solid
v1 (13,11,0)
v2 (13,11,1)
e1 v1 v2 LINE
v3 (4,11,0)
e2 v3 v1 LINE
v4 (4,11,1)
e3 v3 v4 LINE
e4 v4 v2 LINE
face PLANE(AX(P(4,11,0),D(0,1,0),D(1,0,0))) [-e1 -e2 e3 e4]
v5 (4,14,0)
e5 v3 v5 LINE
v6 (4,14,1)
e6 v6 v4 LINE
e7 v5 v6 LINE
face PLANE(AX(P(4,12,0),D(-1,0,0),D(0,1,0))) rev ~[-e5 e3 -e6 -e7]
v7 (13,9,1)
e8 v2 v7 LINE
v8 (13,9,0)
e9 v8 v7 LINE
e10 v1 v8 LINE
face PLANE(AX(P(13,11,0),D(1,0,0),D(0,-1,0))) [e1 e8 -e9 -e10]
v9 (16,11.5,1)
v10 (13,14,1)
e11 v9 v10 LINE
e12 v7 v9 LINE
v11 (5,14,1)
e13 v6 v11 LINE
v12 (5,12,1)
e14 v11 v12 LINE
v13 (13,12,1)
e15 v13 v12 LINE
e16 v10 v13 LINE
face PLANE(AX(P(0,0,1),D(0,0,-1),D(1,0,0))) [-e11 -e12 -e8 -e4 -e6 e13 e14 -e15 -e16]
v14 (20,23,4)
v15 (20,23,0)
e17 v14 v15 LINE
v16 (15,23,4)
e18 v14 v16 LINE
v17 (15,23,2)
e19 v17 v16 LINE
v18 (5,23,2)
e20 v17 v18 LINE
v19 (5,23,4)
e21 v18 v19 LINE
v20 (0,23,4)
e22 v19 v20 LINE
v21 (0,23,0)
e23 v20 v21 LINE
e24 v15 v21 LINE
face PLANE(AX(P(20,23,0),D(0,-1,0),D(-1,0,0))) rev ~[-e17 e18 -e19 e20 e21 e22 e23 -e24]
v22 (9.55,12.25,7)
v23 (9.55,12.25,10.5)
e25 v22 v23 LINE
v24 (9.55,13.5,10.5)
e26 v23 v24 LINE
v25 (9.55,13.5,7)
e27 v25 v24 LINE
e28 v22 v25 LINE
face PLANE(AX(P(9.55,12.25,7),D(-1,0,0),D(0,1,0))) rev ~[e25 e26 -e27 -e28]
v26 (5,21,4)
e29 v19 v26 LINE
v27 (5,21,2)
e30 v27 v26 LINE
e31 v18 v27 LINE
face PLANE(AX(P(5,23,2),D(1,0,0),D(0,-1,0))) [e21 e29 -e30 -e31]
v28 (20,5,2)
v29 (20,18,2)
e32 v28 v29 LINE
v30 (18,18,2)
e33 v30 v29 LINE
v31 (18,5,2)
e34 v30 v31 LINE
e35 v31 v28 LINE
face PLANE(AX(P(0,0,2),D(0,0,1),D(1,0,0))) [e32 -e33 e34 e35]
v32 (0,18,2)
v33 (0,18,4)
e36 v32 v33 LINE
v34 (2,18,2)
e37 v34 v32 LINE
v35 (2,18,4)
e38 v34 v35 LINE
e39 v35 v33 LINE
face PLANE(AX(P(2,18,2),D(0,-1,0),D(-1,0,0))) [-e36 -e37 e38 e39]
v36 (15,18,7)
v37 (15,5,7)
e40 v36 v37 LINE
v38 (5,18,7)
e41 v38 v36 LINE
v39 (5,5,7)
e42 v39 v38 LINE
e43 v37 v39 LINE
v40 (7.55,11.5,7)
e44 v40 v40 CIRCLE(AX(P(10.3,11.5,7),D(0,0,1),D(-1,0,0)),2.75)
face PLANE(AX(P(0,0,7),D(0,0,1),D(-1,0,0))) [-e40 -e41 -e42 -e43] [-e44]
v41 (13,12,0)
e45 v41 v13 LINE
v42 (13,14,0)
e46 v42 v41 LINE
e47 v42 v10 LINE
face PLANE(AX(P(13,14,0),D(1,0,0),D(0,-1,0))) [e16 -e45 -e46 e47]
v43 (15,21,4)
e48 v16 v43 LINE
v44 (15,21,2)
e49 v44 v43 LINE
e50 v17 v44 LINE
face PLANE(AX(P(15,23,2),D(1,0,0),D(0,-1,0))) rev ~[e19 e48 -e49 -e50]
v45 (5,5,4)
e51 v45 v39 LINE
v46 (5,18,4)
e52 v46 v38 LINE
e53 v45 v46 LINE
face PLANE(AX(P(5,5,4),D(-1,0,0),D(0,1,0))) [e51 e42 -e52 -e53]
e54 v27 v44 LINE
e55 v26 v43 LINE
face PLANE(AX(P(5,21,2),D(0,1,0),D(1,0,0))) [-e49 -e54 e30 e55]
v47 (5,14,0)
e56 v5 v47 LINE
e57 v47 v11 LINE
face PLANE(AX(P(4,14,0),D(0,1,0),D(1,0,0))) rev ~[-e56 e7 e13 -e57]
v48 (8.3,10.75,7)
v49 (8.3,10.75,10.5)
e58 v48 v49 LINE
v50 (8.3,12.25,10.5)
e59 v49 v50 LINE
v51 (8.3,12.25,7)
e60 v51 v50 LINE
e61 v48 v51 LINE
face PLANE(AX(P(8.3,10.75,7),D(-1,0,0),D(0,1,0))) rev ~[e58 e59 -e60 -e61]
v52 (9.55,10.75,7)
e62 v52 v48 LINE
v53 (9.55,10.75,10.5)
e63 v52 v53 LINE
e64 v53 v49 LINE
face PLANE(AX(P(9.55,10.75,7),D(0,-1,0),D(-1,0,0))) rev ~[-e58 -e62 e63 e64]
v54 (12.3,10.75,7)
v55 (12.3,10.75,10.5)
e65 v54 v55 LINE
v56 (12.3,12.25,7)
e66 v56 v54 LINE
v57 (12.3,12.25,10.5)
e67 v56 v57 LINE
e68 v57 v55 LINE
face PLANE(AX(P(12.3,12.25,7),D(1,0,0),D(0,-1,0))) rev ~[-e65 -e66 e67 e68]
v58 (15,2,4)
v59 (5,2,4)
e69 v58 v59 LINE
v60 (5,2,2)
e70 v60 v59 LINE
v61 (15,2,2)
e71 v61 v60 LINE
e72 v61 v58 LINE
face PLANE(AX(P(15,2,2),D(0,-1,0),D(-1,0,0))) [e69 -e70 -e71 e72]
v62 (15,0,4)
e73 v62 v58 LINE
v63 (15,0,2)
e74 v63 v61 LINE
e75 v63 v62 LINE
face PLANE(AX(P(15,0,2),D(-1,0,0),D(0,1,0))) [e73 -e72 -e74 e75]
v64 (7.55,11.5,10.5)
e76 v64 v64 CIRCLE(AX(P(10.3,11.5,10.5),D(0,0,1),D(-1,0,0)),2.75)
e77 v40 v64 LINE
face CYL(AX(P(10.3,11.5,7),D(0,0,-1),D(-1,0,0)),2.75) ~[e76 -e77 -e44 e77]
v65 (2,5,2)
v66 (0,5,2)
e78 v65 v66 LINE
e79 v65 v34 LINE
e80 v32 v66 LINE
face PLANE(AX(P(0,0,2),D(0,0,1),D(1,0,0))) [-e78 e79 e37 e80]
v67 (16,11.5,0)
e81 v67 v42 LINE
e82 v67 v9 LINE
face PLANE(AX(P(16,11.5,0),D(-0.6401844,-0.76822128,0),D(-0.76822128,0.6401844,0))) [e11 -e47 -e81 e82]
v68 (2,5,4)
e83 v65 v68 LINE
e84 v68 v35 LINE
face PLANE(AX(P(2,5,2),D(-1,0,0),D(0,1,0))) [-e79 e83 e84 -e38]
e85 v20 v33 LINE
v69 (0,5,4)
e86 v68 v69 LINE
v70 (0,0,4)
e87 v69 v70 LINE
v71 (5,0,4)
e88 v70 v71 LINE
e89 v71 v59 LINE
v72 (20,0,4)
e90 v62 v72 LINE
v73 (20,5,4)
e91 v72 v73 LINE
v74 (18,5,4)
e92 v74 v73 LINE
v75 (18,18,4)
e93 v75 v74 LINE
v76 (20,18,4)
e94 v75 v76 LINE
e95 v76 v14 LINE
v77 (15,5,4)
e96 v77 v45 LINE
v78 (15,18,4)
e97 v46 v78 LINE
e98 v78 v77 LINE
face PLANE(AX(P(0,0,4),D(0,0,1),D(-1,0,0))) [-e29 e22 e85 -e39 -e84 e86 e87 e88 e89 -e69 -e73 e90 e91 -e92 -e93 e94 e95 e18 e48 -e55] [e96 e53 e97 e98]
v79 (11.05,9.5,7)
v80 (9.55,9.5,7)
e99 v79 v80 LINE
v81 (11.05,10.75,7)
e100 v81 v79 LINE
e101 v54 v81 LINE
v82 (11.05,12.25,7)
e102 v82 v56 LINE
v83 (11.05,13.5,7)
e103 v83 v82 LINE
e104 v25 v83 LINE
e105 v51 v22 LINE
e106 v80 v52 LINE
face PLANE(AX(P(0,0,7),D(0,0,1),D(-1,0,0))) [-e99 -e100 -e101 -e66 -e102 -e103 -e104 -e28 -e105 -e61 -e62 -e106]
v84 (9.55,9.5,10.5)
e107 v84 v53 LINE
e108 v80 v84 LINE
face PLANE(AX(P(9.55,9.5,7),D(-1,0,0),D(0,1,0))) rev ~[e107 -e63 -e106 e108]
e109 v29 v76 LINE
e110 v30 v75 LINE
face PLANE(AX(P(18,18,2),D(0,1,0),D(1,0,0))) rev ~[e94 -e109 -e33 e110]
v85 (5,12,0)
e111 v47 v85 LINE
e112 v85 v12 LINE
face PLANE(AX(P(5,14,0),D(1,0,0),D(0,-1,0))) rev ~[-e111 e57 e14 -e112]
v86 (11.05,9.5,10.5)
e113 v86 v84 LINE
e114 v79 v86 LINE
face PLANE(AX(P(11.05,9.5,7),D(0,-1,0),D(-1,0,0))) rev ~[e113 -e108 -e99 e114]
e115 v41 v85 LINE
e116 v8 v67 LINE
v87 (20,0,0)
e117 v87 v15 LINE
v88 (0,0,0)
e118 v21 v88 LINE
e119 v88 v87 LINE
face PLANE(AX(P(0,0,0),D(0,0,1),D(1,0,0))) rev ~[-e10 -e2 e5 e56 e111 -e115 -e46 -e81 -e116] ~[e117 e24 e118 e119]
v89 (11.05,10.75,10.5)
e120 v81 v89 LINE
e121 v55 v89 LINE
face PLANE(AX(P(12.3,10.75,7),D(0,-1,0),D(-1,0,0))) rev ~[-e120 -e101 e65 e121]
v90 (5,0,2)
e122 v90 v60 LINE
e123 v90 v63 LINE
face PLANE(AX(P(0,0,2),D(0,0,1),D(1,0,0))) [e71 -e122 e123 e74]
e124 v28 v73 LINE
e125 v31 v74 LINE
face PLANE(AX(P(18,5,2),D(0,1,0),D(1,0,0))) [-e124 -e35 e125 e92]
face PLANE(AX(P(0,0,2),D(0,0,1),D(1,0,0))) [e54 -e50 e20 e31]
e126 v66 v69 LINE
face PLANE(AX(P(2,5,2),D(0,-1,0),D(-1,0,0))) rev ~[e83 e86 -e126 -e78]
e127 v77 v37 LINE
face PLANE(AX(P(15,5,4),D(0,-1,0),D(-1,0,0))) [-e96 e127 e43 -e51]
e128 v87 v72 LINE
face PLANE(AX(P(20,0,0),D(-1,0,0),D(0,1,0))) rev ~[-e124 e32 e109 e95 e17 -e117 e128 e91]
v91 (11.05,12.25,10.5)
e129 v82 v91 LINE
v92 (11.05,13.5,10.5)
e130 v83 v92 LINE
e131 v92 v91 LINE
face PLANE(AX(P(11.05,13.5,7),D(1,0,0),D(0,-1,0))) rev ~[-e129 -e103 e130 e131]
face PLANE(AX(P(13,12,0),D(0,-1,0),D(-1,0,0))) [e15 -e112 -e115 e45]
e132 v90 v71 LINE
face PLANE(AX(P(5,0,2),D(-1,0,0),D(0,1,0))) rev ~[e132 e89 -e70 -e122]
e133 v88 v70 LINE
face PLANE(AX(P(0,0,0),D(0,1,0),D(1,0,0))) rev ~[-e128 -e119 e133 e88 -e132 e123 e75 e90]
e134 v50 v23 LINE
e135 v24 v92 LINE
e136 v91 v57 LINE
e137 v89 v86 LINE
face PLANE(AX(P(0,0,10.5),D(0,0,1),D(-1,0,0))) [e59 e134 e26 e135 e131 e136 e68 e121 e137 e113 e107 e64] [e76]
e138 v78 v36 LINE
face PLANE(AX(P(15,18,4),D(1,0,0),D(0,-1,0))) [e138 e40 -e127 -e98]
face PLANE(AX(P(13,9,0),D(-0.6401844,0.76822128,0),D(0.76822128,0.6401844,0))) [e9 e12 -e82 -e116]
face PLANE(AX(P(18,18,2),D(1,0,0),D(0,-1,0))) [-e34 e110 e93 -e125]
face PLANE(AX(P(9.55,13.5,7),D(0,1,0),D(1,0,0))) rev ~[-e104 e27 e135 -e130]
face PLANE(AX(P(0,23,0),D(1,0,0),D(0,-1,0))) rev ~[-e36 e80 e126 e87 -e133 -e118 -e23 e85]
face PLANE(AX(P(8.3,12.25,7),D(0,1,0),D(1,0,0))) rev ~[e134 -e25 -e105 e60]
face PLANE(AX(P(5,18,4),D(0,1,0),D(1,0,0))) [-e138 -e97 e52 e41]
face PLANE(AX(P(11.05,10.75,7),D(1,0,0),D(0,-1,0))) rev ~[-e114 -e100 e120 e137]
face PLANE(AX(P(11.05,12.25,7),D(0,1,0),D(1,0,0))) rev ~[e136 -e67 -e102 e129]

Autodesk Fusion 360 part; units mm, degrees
sketch "スケッチ1" plane through (0, 0, 0) normal (0, 0, 1) x (1, 0, 0)
  line L0 (0, 0) -> (20, 0)
  line L1 (20, 0) -> (20, 23)
  line L2 (20, 23) -> (0, 23)
  line L3 (0, 23) -> (0, 0)
  dimension "d1" = 20
  dimension "d2" = 23
extrude "押し出し1" add sketch "スケッチ1" along normal blind 2
sketch "スケッチ2" plane through (0, 0, 2) normal (0, 0, 1) x (-1, 0, 0)
  line L0 (0, -23) -> (0, 0)
  line L1 (0, 0) -> (-20, 0)
  line L2 (-20, 0) -> (-20, -23)
  line L3 (-20, -23) -> (0, -23)
  line L4 (0, -23) -> (-5, -23)
  line L5 (-5, -23) -> (-5, -18)
  line L6 (-5, -18) -> (0, -18)
  line L7 (0, -18) -> (0, -23)
  line L8 (-20, -23) -> (-15, -23)
  line L9 (-15, -23) -> (-15, -18)
  line L10 (-15, -18) -> (-20, -18)
  line L11 (-20, -18) -> (-20, -23)
  line L12 (0, 0) -> (-5, 0)
  line L13 (-5, 0) -> (-5, -5)
  line L14 (-5, -5) -> (0, -5)
  line L15 (0, -5) -> (0, 0)
  line L16 (-20, 0) -> (-15, 0)
  line L17 (-15, 0) -> (-15, -5)
  line L18 (-15, -5) -> (-20, -5)
  line L19 (-20, -5) -> (-20, 0)
  line L20 (-2, -21) -> (-18, -21)
  line L21 (-18, -21) -> (-18, -2)
  line L22 (-18, -2) -> (-2, -2)
  line L23 (-2, -2) -> (-2, -21)
  dimension "d5" = 5
  dimension "d6" = 5
  dimension "d7" = 5
  dimension "d8" = 5
  dimension "d9" = 5
  dimension "d10" = 5
  dimension "d11" = 5
  dimension "d12" = 5
extrude "押し出し2" add sketch "スケッチ2" along normal blind 2 contours L0 L3 L4 L5 L6 L7 L20 L23 | L0 L1 L12 L13 L14 L15 L22 L23 | L5 L6 L20 L23 | L5 L6 L9 L10 L13 L14 L17 L18 L20 L21 L22 L23 | L2 L3 L8 L9 L10 L11 L20 L21 | L13 L14 L22 L23 | L9 L10 L20 L21 | L1 L2 L16 L17 L18 L19 L21 L22 | L17 L18 L21 L22
sketch "スケッチ3" plane through (0, 0, 4) normal (0, 0, 1) x (-1, 0, 0)
  line L0 (-18, -18) -> (-20, -18)
  line L1 (-20, -18) -> (-20, -23)
  line L2 (-20, -23) -> (-15, -23)
  line L3 (-15, -23) -> (-15, -21)
  line L4 (-15, -21) -> (-5, -21)
  line L5 (-5, -21) -> (-5, -23)
  line L6 (-5, -23) -> (0, -23)
  line L7 (0, -23) -> (0, -18)
  line L8 (0, -18) -> (-2, -18)
  line L9 (-2, -18) -> (-2, -5)
  line L10 (-2, -5) -> (0, -5)
  line L11 (0, -5) -> (0, 0)
  line L12 (0, 0) -> (-5, 0)
  line L13 (-5, 0) -> (-5, -2)
  line L14 (-5, -2) -> (-15, -2)
  line L15 (-15, -2) -> (-15, 0)
  line L16 (-15, 0) -> (-20, 0)
  line L17 (-20, 0) -> (-20, -5)
  line L18 (-20, -5) -> (-18, -5)
  line L19 (-18, -5) -> (-18, -18)
  line L20 (-5, -18) -> (-15, -18)
  line L21 (-15, -18) -> (-15, -5)
  line L22 (-15, -5) -> (-5, -5)
  line L23 (-5, -5) -> (-5, -18)
extrude "押し出し3" add sketch "スケッチ3" along normal blind 3 contours L20 L21 L22 L23
sketch "スケッチ4" plane through (0, 0, 7) normal (0, 0, 1) x (-1, 0, 0)
  line L0 (-5, -5) -> (-15, -5)
  line L1 (-15, -5) -> (-15, -18)
  line L2 (-15, -18) -> (-5, -18)
  line L3 (-5, -18) -> (-5, -5)
  line L4 (-9.55, -13.5) -> (-11.05, -13.5)
  line L5 (-11.05, -13.5) -> (-11.05, -9.5)
  line L6 (-11.05, -9.5) -> (-9.55, -9.5)
  line L7 (-9.55, -9.5) -> (-9.55, -13.5)
  line L8 (-8.3, -12.25) -> (-12.3, -12.25)
  line L9 (-12.3, -12.25) -> (-12.3, -10.75)
  line L10 (-12.3, -10.75) -> (-8.3, -10.75)
  line L11 (-8.3, -10.75) -> (-8.3, -12.25)
  circle A0 centre (-10.3, -11.5) radius 2.75
  dimension "d17" = 13
  dimension "d18" = 1.5
  dimension "d19" = 4
  dimension "d20" = 4
  dimension "d21" = 1.5
  dimension "d22" = 5.5
extrude "押し出し4" add sketch "スケッチ4" along normal blind 3.5 contours A0
sketch "スケッチ5" plane through (0, 0, 0) normal (0, 0, -1) x (1, 0, 0)
  line L0 (0, 0) -> (0, -23)
  line L1 (0, -23) -> (20, -23)
  line L2 (20, -23) -> (20, 0)
  line L3 (20, 0) -> (0, 0)
  line L4 (4, -12) -> (4, -14)
  line L5 (4, -12) -> (4, -11)
  line L6 (13, -11) -> (13, -12)
  line L7 (5, -12) -> (4, -12)
  line L8 (5, -14) -> (5, -12)
  line L9 (4, -14) -> (5, -14)
  line L10 (4, -11) -> (13, -11)
  line L11 (13, -12) -> (4, -12)
  line L12 (13, -11) -> (13, -9)
  line L13 (13, -9) -> (16, -11.5)
  line L14 (16, -11.5) -> (13, -14)
  line L15 (13, -14) -> (13, -12)
extrude "押し出し5" cut sketch "スケッチ5" against normal blind 1 contours L4 L7 L8 L9 L11 | L5 L6 L7 L10 L11 | L6 L12 L13 L14 L15
